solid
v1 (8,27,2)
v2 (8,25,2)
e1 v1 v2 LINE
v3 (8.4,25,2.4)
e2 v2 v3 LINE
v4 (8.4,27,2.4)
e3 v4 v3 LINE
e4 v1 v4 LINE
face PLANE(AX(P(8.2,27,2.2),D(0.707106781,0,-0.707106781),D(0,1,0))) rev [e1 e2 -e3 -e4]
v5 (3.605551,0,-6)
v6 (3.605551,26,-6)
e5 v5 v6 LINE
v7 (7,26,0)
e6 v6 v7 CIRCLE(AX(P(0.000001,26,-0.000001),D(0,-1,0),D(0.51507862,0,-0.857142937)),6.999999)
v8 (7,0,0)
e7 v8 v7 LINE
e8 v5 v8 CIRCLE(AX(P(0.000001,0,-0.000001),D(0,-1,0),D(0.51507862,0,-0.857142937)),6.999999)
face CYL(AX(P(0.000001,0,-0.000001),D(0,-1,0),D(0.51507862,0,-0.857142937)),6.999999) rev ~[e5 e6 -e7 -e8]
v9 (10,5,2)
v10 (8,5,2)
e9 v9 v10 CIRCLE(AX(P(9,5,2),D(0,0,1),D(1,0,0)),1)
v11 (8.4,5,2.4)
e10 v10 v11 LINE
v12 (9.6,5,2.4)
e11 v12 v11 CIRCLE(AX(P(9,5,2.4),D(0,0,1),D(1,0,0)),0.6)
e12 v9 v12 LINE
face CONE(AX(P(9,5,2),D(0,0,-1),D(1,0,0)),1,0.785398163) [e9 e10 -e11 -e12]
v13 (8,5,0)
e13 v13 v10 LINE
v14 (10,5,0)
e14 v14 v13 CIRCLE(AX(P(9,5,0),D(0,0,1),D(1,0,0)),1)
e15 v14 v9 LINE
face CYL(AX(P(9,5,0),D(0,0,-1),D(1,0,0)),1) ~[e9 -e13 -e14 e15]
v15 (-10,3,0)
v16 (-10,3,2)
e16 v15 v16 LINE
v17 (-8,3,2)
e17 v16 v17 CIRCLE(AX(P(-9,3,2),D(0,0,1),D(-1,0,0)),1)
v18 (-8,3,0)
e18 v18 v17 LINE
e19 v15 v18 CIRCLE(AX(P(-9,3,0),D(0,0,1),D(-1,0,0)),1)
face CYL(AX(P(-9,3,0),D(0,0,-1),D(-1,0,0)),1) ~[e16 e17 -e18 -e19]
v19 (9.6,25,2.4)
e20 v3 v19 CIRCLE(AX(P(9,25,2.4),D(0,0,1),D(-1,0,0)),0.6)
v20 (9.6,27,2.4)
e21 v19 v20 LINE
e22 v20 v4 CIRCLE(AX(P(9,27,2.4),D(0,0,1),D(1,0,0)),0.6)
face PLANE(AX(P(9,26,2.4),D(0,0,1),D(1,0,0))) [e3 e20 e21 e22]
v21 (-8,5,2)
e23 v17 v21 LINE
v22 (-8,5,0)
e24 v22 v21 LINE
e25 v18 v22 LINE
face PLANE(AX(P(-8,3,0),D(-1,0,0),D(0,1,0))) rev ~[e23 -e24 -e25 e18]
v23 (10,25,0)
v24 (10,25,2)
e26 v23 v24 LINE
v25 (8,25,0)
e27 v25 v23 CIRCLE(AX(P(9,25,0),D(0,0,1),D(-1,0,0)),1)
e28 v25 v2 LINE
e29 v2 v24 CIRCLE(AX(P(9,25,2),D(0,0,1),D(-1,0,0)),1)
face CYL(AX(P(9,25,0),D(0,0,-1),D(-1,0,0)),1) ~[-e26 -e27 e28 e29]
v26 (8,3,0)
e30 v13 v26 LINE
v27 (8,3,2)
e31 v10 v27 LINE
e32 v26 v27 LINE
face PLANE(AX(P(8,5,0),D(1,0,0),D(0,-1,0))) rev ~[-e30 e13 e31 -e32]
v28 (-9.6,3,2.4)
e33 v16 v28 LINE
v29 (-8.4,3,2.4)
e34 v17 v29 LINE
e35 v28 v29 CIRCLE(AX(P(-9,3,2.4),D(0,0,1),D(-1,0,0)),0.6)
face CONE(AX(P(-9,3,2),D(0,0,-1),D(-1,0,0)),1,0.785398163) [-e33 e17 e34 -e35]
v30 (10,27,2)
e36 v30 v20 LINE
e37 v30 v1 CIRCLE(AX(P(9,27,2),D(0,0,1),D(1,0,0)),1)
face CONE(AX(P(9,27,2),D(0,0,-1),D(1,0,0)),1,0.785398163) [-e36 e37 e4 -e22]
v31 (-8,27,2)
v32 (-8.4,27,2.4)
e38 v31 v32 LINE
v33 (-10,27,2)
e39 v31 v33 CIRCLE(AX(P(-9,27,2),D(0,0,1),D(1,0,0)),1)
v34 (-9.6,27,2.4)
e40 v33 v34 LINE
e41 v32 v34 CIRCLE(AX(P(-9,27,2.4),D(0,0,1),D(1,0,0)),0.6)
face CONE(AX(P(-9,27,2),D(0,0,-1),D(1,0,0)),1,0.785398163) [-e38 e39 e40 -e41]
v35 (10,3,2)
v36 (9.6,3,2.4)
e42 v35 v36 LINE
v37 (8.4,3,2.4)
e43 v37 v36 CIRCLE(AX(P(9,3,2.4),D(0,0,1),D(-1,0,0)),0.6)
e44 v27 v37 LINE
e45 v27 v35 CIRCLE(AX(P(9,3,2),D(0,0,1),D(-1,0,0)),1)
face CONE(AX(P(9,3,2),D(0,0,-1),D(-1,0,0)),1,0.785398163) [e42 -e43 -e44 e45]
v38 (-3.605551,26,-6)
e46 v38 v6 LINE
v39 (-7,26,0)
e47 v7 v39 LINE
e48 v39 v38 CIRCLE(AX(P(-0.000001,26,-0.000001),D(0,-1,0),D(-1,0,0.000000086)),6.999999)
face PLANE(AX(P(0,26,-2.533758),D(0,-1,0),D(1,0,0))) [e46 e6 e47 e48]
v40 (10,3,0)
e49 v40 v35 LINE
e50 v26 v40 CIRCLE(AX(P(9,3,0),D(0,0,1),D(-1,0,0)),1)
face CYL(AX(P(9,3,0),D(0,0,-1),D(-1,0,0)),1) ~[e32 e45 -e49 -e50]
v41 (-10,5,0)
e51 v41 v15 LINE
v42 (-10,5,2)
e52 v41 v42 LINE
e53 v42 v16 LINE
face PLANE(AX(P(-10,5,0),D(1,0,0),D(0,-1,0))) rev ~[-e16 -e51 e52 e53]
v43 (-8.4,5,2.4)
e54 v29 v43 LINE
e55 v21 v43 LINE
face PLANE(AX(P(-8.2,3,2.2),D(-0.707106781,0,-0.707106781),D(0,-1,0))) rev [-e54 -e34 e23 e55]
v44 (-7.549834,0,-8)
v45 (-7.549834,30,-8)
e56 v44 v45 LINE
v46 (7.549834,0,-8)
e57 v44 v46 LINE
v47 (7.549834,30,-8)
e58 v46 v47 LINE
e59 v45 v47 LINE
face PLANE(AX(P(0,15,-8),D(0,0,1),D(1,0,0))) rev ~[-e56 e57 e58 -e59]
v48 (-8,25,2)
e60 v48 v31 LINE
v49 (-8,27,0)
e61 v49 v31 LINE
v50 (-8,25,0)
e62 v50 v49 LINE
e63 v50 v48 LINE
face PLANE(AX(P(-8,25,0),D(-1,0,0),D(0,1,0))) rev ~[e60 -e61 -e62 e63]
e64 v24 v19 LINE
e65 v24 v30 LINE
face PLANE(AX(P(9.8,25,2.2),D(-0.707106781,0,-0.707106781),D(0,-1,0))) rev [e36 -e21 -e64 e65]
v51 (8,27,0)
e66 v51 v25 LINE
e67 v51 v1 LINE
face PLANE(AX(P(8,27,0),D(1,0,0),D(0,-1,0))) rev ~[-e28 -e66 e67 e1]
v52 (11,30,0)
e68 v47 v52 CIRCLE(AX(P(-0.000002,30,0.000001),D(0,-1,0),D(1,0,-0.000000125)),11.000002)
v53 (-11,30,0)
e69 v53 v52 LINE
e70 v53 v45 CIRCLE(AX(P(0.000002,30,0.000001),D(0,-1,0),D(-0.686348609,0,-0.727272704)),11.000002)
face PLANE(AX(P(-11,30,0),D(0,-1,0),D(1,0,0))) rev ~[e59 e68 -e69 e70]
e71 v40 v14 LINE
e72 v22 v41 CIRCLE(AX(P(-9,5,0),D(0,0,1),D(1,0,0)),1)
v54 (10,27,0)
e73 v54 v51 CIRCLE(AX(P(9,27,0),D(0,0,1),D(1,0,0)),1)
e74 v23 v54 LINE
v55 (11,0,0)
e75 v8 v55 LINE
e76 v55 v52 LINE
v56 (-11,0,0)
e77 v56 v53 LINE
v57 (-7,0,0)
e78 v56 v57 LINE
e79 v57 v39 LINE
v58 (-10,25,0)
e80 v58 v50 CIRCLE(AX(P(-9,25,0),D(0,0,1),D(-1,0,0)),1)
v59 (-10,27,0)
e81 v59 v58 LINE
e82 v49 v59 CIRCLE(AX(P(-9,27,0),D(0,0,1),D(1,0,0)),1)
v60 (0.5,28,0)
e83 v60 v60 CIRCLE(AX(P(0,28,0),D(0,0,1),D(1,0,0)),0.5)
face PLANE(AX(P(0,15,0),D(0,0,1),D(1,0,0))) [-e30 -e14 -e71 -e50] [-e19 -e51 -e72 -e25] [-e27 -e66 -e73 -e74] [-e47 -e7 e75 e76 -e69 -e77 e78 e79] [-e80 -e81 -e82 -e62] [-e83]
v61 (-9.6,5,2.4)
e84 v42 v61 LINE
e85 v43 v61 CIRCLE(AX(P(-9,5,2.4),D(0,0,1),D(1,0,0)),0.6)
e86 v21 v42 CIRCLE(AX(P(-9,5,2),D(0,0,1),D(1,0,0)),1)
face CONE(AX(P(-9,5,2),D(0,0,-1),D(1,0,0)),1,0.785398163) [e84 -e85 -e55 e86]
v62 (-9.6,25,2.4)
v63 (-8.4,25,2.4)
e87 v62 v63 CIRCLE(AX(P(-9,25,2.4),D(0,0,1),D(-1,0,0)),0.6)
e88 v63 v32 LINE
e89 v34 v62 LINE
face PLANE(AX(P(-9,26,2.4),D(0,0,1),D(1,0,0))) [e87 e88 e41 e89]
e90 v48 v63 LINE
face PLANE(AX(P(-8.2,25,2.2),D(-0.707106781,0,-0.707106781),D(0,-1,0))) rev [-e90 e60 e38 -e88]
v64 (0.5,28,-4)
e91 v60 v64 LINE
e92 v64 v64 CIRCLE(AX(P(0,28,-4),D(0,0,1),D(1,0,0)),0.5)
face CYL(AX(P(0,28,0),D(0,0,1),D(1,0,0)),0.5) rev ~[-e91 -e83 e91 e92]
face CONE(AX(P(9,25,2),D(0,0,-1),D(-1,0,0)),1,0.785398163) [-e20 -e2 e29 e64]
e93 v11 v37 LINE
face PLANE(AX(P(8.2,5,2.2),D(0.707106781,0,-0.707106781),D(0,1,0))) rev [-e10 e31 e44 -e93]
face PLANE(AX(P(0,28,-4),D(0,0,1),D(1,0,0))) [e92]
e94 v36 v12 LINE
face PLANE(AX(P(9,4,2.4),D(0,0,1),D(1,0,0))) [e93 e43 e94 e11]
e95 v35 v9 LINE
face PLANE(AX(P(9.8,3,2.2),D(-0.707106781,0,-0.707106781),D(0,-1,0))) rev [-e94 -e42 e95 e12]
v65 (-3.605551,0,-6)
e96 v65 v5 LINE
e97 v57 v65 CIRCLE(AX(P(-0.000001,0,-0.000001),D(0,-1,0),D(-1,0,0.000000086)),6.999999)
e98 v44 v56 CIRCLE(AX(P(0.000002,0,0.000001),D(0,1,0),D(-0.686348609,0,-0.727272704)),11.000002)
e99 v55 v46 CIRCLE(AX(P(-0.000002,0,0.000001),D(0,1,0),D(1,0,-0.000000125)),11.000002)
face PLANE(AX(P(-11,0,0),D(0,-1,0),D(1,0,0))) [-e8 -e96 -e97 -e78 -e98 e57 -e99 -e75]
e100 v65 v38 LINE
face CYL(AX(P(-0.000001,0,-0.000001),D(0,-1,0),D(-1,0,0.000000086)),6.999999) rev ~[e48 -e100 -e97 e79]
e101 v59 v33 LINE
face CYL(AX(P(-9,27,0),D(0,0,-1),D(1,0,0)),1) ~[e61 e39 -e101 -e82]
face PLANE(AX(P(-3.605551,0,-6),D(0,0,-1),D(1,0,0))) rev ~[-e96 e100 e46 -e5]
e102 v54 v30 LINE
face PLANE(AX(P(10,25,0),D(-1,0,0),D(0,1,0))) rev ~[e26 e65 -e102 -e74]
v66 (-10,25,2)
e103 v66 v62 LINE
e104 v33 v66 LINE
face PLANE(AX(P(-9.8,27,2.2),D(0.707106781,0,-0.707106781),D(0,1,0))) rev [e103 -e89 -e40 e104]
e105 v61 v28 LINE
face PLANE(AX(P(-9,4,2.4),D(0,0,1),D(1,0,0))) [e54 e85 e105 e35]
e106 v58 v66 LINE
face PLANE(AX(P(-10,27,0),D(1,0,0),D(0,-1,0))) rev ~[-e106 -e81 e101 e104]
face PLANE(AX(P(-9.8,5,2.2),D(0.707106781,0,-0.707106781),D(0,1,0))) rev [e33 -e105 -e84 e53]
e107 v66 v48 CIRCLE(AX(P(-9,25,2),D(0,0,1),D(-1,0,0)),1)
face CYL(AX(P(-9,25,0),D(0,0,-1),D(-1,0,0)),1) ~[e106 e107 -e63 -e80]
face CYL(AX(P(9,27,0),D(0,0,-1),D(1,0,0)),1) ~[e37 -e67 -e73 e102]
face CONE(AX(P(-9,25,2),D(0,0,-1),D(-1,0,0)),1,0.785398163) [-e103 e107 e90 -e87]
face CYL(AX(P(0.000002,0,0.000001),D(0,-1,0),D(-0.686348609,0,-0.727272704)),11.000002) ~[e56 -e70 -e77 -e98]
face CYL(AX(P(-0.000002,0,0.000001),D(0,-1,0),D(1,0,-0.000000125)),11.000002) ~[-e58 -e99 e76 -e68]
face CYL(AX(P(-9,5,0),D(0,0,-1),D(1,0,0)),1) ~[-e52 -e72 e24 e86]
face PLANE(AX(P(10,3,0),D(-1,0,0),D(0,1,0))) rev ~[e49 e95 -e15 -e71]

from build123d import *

# Parameters (mm, degrees)
F1_W      = 22
F1_H      = 30
F2_DEPTH  = 8
F4_DEPTH  = 30.001
F6_DEPTH  = 2.4
F7_SIZE   = 0.4
F9_DEPTH  = 26
F10_R     = 0.5
F11_DEPTH = 4


with BuildPart() as f2:
    # F1 (on Top) → F2 (new body)
    with BuildSketch(Plane.XY):
        with Locations((0, 15)):
            Rectangle(F1_W, F1_H)
    extrude(amount=-F2_DEPTH)

    # F3 (on face) → F4 (cut, through all)
    with BuildSketch(Plane.XZ):
        with BuildLine():
            ThreePointArc((-7.549834, -8), (-10.100697, -4.356135), (-11, 0))
            Line((-11, 0), (-11, -8))
            Line((-11, -8), (-7.549834, -8))
        make_face()
        with BuildLine():
            Line((11, -8), (11, 0))
            ThreePointArc((11, 0), (10.100697, -4.356135), (7.549834, -8))
            Line((7.549834, -8), (11, -8))
        make_face()
    extrude(amount=-F4_DEPTH, mode=Mode.SUBTRACT)

    # F5 (on face) → F6 (join)
    with BuildSketch(Plane.XY):
        with BuildLine():
            ThreePointArc((-8, 5), (-9, 6), (-10, 5))
            Line((-10, 5), (-10, 3))
            ThreePointArc((-10, 3), (-9, 2), (-8, 3))
            Line((-8, 3), (-8, 5))
        make_face()
        with BuildLine():
            ThreePointArc((10, 5), (9, 6), (8, 5))
            Line((8, 5), (8, 3))
            ThreePointArc((8, 3), (9, 2), (10, 3))
            Line((10, 3), (10, 5))
        make_face()
        with BuildLine():
            ThreePointArc((-8, 27), (-9, 28), (-10, 27))
            Line((-10, 27), (-10, 25))
            ThreePointArc((-10, 25), (-9, 24), (-8, 25))
            Line((-8, 25), (-8, 27))
        make_face()
        with BuildLine():
            ThreePointArc((10, 27), (9, 28), (8, 27))
            Line((8, 27), (8, 25))
            ThreePointArc((8, 25), (9, 24), (10, 25))
            Line((10, 25), (10, 27))
        make_face()
    extrude(amount=F6_DEPTH)

    # F7
    f7_edges = [f2.edges().sort_by_distance(p)[0] for p in [
        (-9, 6, 2.4),
        (-10, 4, 2.4),
        (-9, 2, 2.4),
        (-8, 4, 2.4),
        (9, 6, 2.4),
        (8, 4, 2.4),
        (9, 2, 2.4),
        (10, 4, 2.4),
        (-9, 28, 2.4),
        (-10, 26, 2.4),
        (-9, 24, 2.4),
        (-8, 26, 2.4),
        (9, 28, 2.4),
        (8, 26, 2.4),
        (9, 24, 2.4),
        (10, 26, 2.4),
    ]]
    chamfer(f7_edges, length=F7_SIZE)

    # F8 (on face) → F9 (cut)
    with BuildSketch(Plane.XZ):
        with BuildLine():
            Line((7, 0), (-7, 0))
            ThreePointArc((-7, 0), (-6.092572, -3.44682), (-3.605551, -6))
            Line((-3.605551, -6), (3.605551, -6))
            ThreePointArc((3.605551, -6), (6.092572, -3.44682), (7, 0))
        make_face()
    extrude(amount=-F9_DEPTH, mode=Mode.SUBTRACT)

    # F10 (on face) → F11 (cut)
    with BuildSketch(Plane.XY):
        with Locations((0, 28)):
            Circle(F10_R)
    extrude(amount=-F11_DEPTH, mode=Mode.SUBTRACT)


solid = f2.part
